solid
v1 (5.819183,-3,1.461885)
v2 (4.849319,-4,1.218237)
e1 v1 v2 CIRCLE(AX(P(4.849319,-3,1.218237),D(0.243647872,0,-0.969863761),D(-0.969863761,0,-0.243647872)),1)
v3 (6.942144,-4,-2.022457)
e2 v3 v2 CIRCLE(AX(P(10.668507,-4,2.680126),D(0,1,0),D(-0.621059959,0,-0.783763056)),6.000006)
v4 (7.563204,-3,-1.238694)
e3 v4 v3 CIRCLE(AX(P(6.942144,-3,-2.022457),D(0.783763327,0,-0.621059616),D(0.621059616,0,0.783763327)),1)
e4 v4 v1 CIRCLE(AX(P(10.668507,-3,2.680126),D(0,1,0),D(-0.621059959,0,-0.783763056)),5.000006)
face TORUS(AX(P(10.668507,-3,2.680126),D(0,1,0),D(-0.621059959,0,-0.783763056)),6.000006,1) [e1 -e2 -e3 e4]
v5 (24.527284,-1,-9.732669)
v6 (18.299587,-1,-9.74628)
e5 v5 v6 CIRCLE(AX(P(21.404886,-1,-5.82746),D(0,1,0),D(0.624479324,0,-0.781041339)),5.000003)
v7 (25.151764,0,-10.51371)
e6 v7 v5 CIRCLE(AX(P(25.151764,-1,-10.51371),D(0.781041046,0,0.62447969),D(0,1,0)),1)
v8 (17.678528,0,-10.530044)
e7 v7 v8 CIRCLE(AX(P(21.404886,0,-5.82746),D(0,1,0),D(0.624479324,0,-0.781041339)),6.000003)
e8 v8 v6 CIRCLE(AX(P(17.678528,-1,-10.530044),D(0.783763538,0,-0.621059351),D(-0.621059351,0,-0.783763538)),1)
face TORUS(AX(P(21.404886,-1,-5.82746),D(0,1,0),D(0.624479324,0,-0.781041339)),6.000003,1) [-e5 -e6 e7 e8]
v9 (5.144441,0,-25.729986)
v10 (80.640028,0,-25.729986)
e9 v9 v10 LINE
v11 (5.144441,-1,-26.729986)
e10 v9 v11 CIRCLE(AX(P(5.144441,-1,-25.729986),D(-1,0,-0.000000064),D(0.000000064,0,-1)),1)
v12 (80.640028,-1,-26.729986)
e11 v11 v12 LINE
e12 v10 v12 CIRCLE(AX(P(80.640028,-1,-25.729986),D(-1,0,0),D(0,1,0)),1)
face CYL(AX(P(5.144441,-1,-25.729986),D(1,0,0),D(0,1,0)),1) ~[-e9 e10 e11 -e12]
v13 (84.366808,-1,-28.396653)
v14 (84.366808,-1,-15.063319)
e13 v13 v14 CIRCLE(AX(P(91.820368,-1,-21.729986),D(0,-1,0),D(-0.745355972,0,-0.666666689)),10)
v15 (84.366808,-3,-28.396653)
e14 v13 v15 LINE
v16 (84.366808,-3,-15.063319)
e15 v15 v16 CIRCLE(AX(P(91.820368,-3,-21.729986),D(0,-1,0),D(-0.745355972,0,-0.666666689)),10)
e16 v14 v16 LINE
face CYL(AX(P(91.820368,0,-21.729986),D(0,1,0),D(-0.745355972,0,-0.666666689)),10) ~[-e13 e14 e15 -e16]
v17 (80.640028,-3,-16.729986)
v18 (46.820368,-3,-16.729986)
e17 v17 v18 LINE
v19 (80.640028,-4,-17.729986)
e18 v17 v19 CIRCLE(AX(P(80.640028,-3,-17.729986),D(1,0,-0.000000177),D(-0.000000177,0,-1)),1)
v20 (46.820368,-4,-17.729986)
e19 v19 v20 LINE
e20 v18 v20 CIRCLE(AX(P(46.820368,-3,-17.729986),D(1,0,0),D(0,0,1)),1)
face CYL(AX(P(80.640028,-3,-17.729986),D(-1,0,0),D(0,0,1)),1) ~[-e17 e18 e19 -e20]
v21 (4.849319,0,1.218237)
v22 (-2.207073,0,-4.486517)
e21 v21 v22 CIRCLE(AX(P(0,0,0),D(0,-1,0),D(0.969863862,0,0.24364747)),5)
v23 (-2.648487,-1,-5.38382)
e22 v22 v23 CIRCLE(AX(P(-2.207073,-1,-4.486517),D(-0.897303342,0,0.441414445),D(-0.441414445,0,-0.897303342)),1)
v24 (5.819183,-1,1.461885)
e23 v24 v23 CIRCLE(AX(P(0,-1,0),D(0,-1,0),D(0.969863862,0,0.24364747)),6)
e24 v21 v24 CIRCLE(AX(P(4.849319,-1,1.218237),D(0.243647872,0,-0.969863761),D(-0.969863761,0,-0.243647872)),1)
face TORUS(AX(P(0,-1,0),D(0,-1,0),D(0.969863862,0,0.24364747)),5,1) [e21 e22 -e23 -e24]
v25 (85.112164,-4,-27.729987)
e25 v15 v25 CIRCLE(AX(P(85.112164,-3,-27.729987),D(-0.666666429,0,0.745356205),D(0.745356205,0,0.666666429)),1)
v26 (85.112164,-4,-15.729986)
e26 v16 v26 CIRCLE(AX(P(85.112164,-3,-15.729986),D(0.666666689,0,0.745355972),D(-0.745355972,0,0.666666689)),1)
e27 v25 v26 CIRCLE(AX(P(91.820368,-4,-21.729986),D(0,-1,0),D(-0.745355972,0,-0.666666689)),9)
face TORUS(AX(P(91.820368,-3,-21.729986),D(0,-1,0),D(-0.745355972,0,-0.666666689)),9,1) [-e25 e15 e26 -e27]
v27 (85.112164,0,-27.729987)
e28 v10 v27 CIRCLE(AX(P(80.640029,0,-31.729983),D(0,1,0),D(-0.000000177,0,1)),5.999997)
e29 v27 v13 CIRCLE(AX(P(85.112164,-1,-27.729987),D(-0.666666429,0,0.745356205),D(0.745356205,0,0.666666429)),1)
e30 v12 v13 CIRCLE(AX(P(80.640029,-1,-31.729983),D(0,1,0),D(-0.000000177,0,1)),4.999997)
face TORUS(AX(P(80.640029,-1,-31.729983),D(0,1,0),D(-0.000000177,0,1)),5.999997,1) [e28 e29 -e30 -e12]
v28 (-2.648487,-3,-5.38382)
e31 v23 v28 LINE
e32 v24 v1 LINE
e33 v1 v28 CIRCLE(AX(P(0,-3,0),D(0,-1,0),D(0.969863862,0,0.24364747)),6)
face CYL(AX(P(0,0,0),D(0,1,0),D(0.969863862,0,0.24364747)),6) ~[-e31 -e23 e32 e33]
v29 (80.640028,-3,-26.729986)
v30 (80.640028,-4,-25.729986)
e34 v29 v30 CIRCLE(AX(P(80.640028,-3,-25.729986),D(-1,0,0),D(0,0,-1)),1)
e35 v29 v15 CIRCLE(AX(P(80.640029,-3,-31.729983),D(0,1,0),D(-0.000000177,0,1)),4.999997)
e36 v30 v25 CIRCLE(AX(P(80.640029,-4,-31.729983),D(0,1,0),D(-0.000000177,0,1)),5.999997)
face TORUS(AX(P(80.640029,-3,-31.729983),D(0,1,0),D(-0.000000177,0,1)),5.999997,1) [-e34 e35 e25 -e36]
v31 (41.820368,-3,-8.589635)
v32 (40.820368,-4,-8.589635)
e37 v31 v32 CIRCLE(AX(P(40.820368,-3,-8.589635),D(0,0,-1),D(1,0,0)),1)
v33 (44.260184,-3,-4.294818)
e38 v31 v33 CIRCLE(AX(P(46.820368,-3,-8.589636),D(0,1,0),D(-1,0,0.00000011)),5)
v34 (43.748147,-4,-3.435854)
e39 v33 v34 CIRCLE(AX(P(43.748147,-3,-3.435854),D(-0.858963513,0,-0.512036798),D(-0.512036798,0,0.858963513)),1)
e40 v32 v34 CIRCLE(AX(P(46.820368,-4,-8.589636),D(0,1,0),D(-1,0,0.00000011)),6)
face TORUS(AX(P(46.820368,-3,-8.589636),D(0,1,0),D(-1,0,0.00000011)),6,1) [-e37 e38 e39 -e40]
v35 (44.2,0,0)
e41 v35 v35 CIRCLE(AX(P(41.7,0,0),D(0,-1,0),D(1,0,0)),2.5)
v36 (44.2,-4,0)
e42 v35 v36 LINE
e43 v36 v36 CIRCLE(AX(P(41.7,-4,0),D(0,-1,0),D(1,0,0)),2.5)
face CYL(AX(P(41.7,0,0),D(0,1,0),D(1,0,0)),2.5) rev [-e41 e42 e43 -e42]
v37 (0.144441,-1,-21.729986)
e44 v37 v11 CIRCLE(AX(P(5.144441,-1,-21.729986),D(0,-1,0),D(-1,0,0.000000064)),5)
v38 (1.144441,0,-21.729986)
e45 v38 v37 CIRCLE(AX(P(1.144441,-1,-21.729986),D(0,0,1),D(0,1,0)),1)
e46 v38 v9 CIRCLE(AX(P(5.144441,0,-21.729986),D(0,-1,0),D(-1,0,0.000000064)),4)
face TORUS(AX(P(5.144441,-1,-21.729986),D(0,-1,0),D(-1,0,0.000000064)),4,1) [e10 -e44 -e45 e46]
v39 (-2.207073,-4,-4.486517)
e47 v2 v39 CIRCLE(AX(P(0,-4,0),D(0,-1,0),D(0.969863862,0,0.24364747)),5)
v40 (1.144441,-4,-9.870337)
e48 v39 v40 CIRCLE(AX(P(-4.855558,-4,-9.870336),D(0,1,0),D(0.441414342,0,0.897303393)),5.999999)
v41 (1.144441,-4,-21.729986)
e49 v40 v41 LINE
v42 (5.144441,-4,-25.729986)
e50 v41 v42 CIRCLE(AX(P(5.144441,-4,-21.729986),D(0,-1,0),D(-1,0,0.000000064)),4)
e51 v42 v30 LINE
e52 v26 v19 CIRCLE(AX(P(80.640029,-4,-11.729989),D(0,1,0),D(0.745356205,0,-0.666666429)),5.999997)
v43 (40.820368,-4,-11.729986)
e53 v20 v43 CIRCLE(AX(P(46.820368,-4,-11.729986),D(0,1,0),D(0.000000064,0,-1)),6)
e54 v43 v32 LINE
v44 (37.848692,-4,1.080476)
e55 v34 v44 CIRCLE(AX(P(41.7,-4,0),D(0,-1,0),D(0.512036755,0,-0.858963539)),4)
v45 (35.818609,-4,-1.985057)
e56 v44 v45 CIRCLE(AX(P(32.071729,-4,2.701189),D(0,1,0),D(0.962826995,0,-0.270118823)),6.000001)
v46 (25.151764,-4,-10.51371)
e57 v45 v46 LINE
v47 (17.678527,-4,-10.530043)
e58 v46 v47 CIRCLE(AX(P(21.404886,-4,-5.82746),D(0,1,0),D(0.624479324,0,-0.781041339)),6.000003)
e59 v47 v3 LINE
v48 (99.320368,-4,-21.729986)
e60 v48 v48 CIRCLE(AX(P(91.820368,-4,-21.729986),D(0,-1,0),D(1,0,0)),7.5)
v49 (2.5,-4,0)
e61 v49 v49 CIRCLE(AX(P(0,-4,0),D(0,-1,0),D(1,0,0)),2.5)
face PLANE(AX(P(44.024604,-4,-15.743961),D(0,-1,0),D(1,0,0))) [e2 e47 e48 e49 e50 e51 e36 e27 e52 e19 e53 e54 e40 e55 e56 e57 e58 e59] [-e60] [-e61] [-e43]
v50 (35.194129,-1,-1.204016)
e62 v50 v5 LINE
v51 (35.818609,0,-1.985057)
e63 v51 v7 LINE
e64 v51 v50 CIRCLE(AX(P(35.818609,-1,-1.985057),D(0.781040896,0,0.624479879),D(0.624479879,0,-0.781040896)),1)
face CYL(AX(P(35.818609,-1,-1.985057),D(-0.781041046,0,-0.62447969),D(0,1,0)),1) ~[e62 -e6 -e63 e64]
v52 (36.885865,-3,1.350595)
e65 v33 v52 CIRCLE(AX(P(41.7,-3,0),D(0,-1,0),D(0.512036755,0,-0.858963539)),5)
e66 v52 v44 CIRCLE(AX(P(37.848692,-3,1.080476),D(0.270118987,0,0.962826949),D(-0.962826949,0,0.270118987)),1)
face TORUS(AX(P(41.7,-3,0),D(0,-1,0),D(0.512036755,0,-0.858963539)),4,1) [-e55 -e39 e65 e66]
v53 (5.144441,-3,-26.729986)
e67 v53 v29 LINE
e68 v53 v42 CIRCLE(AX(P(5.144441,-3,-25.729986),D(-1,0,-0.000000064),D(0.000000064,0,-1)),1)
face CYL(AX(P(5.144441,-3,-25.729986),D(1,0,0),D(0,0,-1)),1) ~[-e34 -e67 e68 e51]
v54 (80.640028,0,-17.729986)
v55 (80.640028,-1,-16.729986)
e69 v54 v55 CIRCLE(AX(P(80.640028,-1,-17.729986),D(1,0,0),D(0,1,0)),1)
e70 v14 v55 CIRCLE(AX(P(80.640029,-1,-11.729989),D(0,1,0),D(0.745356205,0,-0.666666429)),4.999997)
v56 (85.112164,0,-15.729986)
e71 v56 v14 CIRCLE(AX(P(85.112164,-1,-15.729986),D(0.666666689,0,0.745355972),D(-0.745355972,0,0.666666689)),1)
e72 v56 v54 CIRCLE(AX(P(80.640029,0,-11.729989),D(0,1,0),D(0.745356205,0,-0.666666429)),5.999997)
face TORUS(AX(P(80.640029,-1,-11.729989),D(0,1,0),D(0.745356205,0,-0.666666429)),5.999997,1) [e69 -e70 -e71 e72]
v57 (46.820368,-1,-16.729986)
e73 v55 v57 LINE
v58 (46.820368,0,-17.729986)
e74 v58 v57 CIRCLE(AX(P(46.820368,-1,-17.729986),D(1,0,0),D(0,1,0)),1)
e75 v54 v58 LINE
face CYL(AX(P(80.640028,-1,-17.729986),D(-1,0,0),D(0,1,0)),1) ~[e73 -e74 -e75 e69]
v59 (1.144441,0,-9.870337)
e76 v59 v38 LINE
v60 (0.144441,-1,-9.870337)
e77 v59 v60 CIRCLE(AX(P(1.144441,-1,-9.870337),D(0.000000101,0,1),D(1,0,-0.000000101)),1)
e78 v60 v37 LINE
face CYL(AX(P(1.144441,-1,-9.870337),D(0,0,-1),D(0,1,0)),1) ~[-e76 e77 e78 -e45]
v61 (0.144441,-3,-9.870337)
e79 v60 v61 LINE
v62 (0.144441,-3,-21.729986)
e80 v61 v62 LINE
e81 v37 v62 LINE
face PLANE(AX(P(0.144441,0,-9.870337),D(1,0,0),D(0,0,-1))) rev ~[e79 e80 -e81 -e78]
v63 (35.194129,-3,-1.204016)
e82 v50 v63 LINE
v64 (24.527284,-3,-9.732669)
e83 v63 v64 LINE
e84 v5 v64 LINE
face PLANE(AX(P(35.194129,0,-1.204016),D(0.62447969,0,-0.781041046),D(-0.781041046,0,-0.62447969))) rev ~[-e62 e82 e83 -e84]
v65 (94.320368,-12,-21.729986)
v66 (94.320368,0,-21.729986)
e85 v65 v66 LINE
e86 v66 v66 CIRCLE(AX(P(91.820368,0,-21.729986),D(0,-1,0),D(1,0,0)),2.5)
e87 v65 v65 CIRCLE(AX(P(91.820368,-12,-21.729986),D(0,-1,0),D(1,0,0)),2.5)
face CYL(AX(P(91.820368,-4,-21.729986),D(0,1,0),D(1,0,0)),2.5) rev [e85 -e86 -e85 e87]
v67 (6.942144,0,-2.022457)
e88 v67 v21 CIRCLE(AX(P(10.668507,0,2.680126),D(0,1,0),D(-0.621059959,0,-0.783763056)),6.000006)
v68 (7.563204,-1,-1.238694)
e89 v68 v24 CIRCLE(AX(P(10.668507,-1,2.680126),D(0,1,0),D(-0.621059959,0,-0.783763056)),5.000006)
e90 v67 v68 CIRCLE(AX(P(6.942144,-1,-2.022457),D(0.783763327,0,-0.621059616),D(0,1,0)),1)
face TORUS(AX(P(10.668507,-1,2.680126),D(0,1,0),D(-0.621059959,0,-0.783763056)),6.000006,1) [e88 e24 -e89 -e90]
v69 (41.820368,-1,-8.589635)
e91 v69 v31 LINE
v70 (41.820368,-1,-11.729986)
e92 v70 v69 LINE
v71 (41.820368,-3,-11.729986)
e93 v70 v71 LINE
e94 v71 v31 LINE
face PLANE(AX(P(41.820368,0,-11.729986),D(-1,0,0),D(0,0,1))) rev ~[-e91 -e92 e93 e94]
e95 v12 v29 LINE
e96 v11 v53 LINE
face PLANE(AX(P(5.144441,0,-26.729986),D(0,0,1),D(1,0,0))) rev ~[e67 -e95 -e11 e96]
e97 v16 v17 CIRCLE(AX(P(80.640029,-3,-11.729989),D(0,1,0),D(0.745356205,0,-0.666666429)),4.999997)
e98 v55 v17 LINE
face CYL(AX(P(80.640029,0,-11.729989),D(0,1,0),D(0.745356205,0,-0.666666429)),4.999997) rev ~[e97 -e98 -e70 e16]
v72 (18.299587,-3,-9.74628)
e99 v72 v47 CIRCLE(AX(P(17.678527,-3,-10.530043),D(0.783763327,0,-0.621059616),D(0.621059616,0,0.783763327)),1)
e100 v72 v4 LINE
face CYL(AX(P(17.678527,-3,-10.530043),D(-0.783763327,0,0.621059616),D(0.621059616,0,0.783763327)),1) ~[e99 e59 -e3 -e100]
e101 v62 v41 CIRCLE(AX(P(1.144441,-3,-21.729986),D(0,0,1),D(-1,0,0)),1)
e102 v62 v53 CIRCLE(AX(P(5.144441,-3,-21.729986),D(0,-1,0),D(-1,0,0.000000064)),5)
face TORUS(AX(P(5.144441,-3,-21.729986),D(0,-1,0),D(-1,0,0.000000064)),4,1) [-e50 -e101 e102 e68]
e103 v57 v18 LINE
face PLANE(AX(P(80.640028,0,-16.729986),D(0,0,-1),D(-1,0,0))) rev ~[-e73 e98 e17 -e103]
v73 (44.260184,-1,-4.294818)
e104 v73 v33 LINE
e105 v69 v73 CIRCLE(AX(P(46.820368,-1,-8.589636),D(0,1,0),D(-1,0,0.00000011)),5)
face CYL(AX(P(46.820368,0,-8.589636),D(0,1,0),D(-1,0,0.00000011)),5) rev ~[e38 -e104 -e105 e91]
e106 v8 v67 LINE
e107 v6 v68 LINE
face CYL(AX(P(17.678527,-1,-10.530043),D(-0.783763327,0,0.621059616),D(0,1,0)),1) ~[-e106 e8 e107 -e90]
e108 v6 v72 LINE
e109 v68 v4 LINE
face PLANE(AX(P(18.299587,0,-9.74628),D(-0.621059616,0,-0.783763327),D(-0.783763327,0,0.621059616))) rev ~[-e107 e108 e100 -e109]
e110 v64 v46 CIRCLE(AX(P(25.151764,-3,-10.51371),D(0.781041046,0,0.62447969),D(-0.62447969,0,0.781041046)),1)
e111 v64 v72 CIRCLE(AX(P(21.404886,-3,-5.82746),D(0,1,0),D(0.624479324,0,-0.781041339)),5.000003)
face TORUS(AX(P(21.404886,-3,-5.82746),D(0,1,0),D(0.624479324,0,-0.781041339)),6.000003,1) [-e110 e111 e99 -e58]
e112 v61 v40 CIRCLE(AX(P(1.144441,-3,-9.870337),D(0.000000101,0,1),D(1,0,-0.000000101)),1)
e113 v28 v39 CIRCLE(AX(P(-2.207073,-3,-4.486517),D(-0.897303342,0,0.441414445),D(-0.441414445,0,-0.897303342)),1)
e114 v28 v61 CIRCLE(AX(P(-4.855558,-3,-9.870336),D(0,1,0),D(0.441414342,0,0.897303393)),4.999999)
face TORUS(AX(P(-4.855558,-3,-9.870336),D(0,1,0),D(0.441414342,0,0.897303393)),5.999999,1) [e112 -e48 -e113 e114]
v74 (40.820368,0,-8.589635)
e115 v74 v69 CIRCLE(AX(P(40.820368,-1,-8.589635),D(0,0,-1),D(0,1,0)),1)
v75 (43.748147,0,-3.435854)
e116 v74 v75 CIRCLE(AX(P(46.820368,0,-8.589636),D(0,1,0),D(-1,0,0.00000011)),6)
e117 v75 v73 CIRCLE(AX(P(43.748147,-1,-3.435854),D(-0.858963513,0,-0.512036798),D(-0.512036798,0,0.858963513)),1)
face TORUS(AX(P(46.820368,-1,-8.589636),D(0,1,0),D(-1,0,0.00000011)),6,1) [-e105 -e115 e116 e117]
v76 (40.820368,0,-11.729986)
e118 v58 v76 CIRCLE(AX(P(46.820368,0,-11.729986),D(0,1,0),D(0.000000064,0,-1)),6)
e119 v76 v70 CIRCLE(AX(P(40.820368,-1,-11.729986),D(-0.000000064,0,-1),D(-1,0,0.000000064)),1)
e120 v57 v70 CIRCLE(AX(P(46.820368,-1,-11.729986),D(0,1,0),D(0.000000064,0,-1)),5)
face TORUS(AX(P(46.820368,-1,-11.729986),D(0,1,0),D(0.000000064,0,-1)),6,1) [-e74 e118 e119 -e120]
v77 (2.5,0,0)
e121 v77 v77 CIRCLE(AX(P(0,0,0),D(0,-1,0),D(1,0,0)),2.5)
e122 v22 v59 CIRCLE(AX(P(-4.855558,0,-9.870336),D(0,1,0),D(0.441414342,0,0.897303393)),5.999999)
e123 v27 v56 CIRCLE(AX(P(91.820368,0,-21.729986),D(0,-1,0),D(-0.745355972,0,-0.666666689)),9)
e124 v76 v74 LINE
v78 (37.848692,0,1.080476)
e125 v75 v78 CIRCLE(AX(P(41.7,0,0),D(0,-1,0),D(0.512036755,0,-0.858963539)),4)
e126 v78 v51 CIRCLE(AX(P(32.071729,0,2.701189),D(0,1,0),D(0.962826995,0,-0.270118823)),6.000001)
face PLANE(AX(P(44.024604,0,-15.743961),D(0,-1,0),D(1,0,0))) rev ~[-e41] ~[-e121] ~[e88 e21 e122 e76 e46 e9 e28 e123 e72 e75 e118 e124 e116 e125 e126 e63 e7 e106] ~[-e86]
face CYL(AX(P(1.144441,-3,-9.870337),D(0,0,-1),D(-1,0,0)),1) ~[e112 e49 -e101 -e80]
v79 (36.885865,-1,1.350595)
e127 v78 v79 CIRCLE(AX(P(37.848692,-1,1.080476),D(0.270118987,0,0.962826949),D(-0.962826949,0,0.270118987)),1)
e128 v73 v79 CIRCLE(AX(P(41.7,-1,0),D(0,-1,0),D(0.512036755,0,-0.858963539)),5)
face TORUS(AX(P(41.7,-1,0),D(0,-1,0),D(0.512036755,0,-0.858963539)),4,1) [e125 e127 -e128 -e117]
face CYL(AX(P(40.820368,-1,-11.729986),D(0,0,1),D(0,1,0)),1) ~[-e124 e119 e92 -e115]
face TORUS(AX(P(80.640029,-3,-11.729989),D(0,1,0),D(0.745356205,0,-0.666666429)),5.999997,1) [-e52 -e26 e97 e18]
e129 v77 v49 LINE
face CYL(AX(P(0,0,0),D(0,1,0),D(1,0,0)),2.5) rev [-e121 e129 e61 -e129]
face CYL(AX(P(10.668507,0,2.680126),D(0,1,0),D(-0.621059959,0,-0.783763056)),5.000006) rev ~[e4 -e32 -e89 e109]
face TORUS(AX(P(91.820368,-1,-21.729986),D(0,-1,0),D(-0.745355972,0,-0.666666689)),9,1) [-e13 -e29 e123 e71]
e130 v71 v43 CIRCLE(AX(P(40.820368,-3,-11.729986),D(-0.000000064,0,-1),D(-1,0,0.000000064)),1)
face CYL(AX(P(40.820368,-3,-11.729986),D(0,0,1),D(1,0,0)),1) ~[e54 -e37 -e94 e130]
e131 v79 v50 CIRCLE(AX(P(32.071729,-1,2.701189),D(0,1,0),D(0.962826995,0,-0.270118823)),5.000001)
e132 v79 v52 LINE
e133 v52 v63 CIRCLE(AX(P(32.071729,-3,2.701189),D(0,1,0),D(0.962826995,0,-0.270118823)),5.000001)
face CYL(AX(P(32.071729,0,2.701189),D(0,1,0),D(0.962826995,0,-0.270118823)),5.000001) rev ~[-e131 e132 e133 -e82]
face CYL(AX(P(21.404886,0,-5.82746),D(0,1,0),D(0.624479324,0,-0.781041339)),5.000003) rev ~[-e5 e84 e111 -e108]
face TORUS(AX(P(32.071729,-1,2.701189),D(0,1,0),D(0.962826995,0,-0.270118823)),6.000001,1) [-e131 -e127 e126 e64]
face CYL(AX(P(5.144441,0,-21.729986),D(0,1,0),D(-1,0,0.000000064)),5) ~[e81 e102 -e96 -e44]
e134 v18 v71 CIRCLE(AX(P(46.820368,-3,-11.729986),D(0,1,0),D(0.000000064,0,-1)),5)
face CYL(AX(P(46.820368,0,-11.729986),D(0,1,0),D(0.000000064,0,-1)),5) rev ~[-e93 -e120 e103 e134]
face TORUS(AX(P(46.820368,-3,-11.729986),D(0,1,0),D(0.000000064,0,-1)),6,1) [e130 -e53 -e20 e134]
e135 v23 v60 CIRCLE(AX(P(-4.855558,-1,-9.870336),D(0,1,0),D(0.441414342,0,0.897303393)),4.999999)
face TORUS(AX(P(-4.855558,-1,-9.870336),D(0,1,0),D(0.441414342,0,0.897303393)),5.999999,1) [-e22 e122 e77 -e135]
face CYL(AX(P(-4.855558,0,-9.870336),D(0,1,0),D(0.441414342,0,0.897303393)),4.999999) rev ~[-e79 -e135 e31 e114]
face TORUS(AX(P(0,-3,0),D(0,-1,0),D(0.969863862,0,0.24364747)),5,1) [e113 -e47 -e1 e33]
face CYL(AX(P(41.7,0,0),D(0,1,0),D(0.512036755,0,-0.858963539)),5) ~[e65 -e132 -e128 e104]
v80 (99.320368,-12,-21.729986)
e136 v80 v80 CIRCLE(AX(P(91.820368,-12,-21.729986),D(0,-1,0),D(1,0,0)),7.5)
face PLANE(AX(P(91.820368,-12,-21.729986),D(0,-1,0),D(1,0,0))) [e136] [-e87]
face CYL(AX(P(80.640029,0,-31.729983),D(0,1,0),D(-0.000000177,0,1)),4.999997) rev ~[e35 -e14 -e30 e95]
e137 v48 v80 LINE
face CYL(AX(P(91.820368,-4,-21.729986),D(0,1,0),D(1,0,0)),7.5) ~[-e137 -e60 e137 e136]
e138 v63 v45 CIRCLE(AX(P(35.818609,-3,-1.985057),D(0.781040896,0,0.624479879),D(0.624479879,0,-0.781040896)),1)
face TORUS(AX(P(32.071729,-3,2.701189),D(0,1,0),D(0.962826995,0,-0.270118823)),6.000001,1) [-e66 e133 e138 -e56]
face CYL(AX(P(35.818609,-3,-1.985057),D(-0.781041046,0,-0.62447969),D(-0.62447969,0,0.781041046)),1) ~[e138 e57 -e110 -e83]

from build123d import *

# Parameters (mm, degrees)
F0_R     = 2.5
F1_DEPTH = 4
F2_R     = 7.5
F2_R_2   = 2.5
F3_DEPTH = 8
F4_R     = 1


with BuildPart() as f1:
    # F0 (on Front) → F1 (new body)
    with BuildSketch(Plane.XZ):
        with BuildLine():
            ThreePointArc((7.563204, -1.238694), (6.468233, -0.032392), (5.819183, 1.461885))
            ThreePointArc((5.819183, 1.461885), (-3.772168, 4.665914), (-2.648487, -5.38382))
            ThreePointArc((-2.648487, -5.38382), (-0.610835, -7.227929), (0.144441, -9.870337))
            Line((0.144441, -9.870337), (0.144441, -21.729986))
            ThreePointArc((0.144441, -21.729986), (1.608907, -25.26552), (5.144441, -26.729986))
            Line((5.144441, -26.729986), (80.640028, -26.729986))
            ThreePointArc((80.640028, -26.729986), (82.681269, -27.165631), (84.366808, -28.396653))
            ThreePointArc((84.366808, -28.396653), (101.820368, -21.729986), (84.366808, -15.063319))
            ThreePointArc((84.366808, -15.063319), (82.681269, -16.294341), (80.640028, -16.729986))
            Line((80.640028, -16.729986), (46.820368, -16.729986))
            ThreePointArc((46.820368, -16.729986), (43.284834, -15.26552), (41.820368, -11.729986))
            Line((41.820368, -11.729986), (41.820368, -8.589635))
            ThreePointArc((41.820368, -8.589635), (42.472902, -6.119911), (44.260184, -4.294818))
            ThreePointArc((44.260184, -4.294818), (44.739366, 3.970171), (36.885865, 1.350595))
            ThreePointArc((36.885865, 1.350595), (36.240501, -0.05949), (35.194129, -1.204016))
            Line((35.194129, -1.204016), (24.527284, -9.732669))
            ThreePointArc((24.527284, -9.732669), (21.415813, -10.827451), (18.299587, -9.74628))
            Line((18.299587, -9.74628), (7.563204, -1.238694))
        make_face()
        with Locations((91.820368, -21.729986)):
            Circle(F0_R, mode=Mode.SUBTRACT)
        Circle(F0_R, mode=Mode.SUBTRACT)
        with Locations((41.7, 0)):
            Circle(F0_R, mode=Mode.SUBTRACT)
    extrude(amount=F1_DEPTH)

    # F2 (on face) → F3 (join)
    with BuildSketch(Plane.XZ.offset(4)):
        with Locations((91.820368, -21.729986)):
            Circle(F2_R)
        with Locations((91.820368, -21.729986)):
            Circle(F2_R_2, mode=Mode.SUBTRACT)
    extrude(amount=F3_DEPTH)

    # F4
    f4_edges = [f1.edges().sort_by_distance(p)[0] for p in [
        (12.931396, -4, -5.492487),
        (63.730198, 0, -16.729986),
    ]]
    fillet(f4_edges, radius=F4_R)


solid = f1.part
